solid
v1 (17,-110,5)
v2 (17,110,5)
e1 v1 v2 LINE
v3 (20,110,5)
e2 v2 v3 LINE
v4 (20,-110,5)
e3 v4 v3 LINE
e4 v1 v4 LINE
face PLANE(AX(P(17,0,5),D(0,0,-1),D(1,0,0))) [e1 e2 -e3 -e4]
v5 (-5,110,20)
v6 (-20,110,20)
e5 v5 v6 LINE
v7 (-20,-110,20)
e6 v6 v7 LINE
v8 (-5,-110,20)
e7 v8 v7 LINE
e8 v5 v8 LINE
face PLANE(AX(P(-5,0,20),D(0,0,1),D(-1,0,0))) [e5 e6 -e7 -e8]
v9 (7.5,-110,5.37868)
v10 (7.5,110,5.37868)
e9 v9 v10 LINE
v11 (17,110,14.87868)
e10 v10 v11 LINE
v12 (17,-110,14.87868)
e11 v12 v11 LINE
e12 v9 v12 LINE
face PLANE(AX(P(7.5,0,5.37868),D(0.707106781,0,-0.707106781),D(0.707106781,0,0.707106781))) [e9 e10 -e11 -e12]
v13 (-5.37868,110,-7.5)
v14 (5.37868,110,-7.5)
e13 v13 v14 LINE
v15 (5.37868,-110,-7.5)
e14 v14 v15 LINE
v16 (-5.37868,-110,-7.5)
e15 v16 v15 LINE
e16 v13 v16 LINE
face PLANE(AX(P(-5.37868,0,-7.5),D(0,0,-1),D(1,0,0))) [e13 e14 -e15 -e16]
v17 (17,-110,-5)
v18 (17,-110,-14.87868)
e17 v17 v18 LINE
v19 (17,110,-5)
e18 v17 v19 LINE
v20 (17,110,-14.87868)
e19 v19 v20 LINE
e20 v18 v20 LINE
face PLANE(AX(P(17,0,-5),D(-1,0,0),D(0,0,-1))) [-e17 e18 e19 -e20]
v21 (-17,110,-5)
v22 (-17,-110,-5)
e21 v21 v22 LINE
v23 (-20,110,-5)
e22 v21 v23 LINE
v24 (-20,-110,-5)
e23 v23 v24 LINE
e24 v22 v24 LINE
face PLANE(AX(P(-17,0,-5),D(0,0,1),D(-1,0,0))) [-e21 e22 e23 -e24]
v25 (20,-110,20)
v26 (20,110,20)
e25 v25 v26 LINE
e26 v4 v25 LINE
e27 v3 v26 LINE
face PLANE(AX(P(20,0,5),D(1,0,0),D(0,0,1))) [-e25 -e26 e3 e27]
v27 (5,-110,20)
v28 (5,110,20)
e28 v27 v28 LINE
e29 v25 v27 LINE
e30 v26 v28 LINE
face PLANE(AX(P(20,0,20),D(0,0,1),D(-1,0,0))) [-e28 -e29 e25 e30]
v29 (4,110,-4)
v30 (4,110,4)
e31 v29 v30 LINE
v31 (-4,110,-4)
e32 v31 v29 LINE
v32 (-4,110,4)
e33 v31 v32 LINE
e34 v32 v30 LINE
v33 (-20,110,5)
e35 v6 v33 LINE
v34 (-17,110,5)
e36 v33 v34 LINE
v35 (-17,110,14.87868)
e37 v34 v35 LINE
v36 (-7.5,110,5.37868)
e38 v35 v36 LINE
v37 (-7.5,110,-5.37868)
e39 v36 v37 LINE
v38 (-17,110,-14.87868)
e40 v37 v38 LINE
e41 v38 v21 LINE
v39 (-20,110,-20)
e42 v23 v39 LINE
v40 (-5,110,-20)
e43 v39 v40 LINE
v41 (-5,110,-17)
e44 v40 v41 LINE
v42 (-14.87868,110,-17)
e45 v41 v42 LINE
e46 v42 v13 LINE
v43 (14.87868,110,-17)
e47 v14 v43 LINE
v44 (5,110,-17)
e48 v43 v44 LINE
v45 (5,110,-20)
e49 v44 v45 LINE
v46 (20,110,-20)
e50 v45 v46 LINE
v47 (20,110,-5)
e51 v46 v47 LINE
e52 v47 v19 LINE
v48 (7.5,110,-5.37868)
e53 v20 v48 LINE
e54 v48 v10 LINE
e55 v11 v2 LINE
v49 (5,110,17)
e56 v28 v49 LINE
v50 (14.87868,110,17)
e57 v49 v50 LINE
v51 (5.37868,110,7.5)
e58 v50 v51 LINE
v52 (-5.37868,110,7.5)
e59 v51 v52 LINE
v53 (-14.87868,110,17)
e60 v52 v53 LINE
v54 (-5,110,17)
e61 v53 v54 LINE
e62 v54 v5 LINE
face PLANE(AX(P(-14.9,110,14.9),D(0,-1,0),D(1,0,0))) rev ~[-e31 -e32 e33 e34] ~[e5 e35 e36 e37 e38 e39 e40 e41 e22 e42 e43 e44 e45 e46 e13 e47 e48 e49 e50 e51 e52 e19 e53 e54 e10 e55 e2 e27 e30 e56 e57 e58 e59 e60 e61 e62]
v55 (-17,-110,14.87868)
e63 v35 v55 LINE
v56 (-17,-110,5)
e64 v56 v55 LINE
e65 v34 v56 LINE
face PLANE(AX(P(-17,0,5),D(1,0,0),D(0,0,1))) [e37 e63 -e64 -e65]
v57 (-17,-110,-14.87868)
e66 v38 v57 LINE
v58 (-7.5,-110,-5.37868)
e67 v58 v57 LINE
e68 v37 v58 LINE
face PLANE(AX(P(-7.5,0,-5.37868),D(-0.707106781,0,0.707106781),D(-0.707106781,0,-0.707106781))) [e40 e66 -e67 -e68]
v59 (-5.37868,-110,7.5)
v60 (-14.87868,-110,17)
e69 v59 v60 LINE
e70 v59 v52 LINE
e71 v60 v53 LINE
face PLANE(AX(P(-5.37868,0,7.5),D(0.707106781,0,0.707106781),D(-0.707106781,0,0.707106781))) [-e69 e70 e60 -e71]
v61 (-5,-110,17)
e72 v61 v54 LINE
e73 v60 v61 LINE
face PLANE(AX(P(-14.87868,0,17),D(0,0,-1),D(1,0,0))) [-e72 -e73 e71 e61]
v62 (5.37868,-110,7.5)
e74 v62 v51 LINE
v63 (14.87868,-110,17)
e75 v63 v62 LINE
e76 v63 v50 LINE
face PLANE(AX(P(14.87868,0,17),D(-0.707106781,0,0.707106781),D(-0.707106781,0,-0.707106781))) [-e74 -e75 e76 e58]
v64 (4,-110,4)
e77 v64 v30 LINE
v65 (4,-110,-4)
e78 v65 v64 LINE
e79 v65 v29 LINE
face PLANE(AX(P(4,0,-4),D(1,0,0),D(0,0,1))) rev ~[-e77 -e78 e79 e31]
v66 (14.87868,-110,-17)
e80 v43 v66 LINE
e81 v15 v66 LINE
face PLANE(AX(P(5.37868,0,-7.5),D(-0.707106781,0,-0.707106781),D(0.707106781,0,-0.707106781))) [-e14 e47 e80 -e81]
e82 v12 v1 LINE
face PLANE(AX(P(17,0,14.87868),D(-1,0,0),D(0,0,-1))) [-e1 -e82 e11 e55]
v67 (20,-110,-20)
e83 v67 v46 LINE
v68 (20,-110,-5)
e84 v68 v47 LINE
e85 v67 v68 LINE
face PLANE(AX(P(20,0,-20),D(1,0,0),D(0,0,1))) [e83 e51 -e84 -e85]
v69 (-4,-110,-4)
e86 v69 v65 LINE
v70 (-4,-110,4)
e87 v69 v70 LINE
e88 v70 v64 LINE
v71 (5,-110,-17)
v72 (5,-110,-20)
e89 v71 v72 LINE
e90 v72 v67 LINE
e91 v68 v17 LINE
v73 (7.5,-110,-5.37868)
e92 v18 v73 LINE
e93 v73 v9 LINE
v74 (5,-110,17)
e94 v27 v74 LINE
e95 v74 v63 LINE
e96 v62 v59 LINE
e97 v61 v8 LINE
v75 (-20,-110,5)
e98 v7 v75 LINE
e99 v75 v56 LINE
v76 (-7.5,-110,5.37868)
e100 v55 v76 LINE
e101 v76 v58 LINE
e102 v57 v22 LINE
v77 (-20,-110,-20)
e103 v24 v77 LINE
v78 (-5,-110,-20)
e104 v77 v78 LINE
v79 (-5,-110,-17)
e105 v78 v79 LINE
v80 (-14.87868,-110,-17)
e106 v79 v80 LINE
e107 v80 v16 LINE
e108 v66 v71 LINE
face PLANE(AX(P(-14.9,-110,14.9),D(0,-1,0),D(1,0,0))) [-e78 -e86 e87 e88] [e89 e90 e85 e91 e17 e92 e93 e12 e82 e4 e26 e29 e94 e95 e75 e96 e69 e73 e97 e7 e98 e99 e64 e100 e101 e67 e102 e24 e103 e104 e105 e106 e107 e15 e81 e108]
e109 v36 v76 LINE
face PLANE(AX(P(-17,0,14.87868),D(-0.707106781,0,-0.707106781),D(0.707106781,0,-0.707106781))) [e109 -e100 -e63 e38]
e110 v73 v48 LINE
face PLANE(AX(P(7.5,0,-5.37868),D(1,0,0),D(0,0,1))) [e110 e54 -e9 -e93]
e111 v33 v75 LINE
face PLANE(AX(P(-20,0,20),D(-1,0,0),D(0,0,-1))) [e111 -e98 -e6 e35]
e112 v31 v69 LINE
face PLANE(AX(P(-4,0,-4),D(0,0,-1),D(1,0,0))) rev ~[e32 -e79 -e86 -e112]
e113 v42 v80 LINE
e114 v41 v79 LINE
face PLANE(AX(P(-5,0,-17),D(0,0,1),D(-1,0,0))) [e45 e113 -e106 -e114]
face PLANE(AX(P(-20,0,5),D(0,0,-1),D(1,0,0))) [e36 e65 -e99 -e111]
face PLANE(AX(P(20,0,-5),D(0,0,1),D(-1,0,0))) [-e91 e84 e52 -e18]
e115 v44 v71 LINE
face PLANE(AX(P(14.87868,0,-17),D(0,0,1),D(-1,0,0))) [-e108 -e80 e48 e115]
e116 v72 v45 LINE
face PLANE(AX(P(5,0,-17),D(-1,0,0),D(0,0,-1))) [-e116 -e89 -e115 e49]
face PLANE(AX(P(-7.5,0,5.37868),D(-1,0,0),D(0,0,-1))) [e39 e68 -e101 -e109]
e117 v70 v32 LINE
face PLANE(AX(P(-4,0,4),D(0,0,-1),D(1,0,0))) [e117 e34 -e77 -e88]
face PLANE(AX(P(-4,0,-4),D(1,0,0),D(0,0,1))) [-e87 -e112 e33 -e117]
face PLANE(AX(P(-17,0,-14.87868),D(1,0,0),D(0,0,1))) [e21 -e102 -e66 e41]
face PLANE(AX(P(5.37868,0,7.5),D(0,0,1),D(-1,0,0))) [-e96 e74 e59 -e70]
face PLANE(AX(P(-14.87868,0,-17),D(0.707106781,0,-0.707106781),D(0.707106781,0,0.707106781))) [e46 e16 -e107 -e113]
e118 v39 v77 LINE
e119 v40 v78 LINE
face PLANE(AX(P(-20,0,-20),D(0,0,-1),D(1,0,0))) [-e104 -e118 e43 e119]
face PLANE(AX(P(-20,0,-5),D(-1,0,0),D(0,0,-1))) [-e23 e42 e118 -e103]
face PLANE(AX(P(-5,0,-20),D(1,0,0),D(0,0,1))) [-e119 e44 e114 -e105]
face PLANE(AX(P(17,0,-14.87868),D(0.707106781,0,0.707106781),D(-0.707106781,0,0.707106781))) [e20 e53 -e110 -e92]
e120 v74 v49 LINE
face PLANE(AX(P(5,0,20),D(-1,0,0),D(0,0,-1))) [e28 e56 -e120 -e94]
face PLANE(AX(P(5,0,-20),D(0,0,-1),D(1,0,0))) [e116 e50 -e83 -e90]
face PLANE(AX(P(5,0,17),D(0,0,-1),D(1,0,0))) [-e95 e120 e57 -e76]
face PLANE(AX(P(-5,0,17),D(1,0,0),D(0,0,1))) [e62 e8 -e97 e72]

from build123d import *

# Parameters (mm, degrees)
F0_W     = 8
F0_H     = 8
F1_DEPTH = 110


with BuildPart() as f1:
    # F0 (on Front) → F1 (new body, symmetric)
    with BuildSketch(Plane.XZ):
        Polygon((-5, 17), (-5, 20), (-20, 20), (-20, 5), (-17, 5), (-17, 14.87868), (-17, 17), (-14.87868, 17), align=None)
        Polygon((-17, -5), (-20, -5), (-20, -20), (-5, -20), (-5, -17), (-14.87868, -17), (-17, -17), (-17, -14.87868), align=None)
        Polygon((20, -20), (20, -5), (17, -5), (17, -14.87868), (17, -17), (14.87868, -17), (5, -17), (5, -20), align=None)
        Polygon((20, 5), (20, 20), (5, 20), (5, 17), (14.87868, 17), (17, 17), (17, 14.87868), (17, 5), align=None)
        Polygon((17, 17), (14.87868, 17), (5.37868, 7.5), (7.5, 7.5), (7.5, 5.37868), (17, 14.87868), align=None)
        Polygon((-5.37868, 7.5), (-14.87868, 17), (-17, 17), (-17, 14.87868), (-7.5, 5.37868), (-7.5, 7.5), align=None)
        Polygon((-7.5, -5.37868), (-17, -14.87868), (-17, -17), (-14.87868, -17), (-5.37868, -7.5), (-7.5, -7.5), align=None)
        Polygon((17, -17), (17, -14.87868), (7.5, -5.37868), (7.5, -7.5), (5.37868, -7.5), (14.87868, -17), align=None)
        Polygon((7.5, 7.5), (5.37868, 7.5), (-5.37868, 7.5), (-7.5, 7.5), (-7.5, 5.37868), (-7.5, -5.37868), (-7.5, -7.5), (-5.37868, -7.5), (5.37868, -7.5), (7.5, -7.5), (7.5, -5.37868), (7.5, 5.37868), align=None)
        Rectangle(F0_W, F0_H, mode=Mode.SUBTRACT)
    extrude(amount=F1_DEPTH, both=True)


solid = f1.part
